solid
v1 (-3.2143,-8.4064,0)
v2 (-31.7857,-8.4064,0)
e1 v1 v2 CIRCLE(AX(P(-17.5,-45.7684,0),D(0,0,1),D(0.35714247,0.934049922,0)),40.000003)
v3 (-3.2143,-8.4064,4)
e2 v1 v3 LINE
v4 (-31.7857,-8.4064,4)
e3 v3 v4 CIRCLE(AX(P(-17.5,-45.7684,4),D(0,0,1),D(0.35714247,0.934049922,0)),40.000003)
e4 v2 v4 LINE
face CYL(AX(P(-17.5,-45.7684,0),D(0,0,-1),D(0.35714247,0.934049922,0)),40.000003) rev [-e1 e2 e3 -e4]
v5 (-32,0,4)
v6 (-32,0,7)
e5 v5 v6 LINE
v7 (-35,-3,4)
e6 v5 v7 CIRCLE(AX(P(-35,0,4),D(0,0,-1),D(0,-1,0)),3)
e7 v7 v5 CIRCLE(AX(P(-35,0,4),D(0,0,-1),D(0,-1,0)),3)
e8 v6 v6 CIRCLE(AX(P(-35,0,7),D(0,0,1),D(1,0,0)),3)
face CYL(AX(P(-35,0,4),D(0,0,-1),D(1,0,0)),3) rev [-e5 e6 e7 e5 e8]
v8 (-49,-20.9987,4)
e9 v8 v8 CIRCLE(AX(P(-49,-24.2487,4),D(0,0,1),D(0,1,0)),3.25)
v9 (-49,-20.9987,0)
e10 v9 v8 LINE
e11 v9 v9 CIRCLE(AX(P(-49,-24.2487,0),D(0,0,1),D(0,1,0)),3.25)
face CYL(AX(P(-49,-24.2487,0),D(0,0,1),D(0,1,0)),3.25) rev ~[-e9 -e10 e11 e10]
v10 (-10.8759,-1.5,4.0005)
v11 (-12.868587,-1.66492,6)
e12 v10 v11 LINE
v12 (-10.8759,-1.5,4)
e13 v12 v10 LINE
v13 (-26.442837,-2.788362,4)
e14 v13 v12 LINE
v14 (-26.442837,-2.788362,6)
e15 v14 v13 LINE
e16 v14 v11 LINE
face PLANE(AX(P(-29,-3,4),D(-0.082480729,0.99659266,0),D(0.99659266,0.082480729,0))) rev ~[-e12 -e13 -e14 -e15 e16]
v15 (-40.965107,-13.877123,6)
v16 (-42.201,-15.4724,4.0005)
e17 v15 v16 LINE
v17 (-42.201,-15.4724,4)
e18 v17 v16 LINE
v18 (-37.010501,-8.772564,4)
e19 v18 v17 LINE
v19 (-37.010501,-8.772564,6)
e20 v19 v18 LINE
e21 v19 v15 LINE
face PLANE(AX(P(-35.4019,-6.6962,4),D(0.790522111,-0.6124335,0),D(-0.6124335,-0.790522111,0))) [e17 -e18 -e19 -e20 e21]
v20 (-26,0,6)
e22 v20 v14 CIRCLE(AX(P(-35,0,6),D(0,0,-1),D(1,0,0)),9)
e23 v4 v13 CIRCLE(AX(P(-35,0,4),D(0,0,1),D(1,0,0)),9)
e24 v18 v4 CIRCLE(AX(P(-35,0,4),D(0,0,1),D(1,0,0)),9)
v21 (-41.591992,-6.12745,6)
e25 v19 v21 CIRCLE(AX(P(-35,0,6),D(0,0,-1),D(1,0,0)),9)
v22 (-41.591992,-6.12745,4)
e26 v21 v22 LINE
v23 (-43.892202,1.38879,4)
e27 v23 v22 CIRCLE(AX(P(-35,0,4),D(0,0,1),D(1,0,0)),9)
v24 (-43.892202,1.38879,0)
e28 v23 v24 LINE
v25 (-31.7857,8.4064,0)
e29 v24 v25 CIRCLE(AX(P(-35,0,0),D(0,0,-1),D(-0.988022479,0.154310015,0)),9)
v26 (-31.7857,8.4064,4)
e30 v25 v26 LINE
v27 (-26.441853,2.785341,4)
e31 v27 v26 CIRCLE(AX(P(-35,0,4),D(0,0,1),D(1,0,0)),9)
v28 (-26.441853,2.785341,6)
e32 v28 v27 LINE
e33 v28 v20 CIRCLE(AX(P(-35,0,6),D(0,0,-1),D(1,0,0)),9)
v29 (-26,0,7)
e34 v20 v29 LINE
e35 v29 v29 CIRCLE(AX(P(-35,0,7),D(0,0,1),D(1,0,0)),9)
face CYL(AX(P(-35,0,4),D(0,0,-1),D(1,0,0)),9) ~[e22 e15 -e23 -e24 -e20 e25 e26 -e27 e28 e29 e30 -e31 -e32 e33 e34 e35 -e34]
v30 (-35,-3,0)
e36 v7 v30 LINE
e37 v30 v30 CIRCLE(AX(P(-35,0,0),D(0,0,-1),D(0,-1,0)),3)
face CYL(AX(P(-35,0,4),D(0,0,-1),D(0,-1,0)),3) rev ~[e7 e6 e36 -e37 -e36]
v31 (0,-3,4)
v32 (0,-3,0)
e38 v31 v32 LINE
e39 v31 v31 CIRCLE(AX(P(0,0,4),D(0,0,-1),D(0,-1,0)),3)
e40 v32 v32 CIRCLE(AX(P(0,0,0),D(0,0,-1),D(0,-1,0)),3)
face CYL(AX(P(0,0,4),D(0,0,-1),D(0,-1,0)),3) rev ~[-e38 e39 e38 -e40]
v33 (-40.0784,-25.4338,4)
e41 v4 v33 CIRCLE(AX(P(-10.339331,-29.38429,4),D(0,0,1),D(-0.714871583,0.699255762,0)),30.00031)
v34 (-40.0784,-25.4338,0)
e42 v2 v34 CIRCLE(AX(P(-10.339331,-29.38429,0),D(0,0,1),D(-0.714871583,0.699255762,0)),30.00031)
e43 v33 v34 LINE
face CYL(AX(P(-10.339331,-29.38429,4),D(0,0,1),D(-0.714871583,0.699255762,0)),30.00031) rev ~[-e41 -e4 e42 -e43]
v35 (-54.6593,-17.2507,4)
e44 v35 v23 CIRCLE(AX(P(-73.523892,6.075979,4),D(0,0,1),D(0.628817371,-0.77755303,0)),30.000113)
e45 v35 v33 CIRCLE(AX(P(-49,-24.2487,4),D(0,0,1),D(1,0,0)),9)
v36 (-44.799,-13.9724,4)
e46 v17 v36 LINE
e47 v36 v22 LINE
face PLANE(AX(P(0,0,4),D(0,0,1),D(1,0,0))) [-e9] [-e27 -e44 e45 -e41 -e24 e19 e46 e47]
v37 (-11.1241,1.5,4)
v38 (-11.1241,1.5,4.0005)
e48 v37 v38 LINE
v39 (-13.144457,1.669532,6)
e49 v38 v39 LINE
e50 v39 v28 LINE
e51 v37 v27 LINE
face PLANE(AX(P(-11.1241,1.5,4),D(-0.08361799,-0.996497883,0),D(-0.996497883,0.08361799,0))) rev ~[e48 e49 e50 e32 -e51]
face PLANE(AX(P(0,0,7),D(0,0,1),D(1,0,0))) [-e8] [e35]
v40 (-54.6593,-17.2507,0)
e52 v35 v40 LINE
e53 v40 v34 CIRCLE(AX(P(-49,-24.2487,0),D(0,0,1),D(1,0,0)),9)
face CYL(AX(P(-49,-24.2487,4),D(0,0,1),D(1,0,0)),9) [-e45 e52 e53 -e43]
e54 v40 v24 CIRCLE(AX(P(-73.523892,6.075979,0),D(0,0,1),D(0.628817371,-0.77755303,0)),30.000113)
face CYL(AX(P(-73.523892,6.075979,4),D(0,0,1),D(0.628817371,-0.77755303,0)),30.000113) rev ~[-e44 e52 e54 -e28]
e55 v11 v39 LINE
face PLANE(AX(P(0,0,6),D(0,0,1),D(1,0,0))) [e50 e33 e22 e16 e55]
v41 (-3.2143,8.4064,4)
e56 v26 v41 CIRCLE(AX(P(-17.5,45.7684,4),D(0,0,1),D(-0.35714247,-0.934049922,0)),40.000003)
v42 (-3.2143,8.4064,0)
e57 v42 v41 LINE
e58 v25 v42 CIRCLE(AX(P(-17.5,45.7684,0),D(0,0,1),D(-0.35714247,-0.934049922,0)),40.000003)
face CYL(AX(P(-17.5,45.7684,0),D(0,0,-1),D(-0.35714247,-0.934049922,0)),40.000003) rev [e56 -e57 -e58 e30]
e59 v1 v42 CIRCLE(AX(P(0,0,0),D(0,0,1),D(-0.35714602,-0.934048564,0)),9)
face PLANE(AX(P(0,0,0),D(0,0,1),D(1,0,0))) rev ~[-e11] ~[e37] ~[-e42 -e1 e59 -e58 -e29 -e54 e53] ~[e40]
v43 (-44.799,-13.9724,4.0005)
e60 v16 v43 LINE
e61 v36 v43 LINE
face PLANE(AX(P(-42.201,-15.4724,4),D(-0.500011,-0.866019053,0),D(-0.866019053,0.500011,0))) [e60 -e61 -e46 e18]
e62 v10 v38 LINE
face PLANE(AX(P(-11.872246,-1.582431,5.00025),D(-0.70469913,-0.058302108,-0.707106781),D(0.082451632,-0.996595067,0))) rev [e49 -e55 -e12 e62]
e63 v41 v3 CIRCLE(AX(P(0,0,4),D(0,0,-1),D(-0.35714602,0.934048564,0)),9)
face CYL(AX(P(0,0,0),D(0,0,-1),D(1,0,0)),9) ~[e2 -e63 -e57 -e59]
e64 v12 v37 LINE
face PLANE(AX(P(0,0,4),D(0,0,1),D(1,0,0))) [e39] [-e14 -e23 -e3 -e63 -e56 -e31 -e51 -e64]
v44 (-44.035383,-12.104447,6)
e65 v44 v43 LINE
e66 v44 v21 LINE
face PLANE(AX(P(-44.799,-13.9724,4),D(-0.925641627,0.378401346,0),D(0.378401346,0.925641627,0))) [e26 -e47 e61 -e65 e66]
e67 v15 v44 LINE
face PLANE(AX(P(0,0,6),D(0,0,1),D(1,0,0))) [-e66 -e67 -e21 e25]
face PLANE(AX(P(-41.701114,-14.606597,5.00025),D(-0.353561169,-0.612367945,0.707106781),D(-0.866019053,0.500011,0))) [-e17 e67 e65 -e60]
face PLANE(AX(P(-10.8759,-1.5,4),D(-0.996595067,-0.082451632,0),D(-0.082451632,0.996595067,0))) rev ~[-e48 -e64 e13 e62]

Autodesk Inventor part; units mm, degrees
ref_plane "YZ Plane" through (0, 0, 0) normal (1, 0, 0) x (0, 1, 0)
ref_plane "XZ Plane" through (0, 0, 0) normal (0, 1, 0) x (-1, 0, 0)
ref_plane "XY Plane" through (0, 0, 0) normal (0, 0, 1) x (1, 0, 0)
sketch "Base" plane through (0, 0, 0) normal (0, 0, 1) x (1, 0, 0)
  line L0 (-54.6, 0) -> (19.6, 0) construction
  circle A0 centre (0, 0) radius 9
  line L1 (0, 0) -> (-35, 0) construction
  circle A1 centre (-35, 0) radius 9
  arc A2 (-31.7857, 8.4064) -> (-3.2143, 8.4064) centre (-17.5, 45.7684) ccw
  arc A3 (-3.2143, -8.4064) -> (-31.7857, -8.4064) centre (-17.5, -45.7684) ccw
  dimension "d0" = 18
  dimension "d1" = 35
  dimension "d2" = 18
  dimension "d3" = 40
extrude "BaseFeature" add sketch "Base" along normal blind 4
sketch "Sketch2" plane through (0, 0, 4) normal (0, 0, 1) x (1, 0, 0)
  arc A0 (-31.7857, 8.4064) -> (-31.7857, -8.4064) centre (-35, 0) ccw projected
  arc A1 (-3.2143, -8.4064) -> (-3.2143, 8.4064) centre (0, 0) ccw projected
hole "BaseHolesFeature" at (-35, 0, 4) at (0, 0, 4) direction (0, 0, -1) diameter 6 end through all
sketch "Extension" plane through (0, 0, 4) normal (0, 0, 1) x (1, 0, 0)
  arc A0 (-31.7857, 8.4064) -> (-31.7857, -8.4064) centre (-35, 0) ccw construction
  line L0 (-35, 0) -> (-49, -24.2487) construction
  line L1 (-90.0286, 0) -> (25.5048, 0) construction
  circle A1 centre (-49, -24.2487) radius 9
  arc A2 (-54.6593, -17.2507) -> (-43.8901, 1.4021) centre (-73.5238, 6.0759) ccw
  arc A3 (-31.7857, -8.4064) -> (-40.0784, -25.4338) centre (-10.3396, -29.3841) ccw
  arc A4 (-43.8901, 1.4021) -> (-31.7857, -8.4064) centre (-35, 0) ccw
  dimension "d13" = 120
  dimension "d14" = 28
  dimension "d24" = 18
  dimension "d29" = 30
extrude "ExtensionFeature" add sketch "Extension" against normal up to surface (4 mm away)
sketch "ExtensionHole" plane through (0, 0, 0) normal (0, 0, -1) x (-1, 0, 0)
  arc A0 (40.0784, -25.4338) -> (54.6593, -17.2507) centre (49, -24.2487) ccw projected
hole "ExtensionHoleFeature" at (-49, -24.2487, 0) direction (0, 0, 1) diameter 6.5 end through all
sketch "MiddleRaise" plane through (0, 0, 4) normal (0, 0, 1) x (1, 0, 0)
  circle A0 centre (-35, 0) radius 3 projected
  circle A1 centre (-35, 0) radius 9
  point P0 (-31.7857, 8.4064)
extrude "MiddleRaiseFeature" add sketch "MiddleRaise" along normal blind 3
sketch "TopRidges" plane through (0, 0, 4) normal (0, 0, 1) x (1, 0, 0)
  arc A0 (-54.6593, -17.2507) -> (-40.0784, -25.4338) centre (-49, -24.2487) ccw construction
  arc A1 (-3.2143, -8.4064) -> (-3.2143, 8.4064) centre (0, 0) ccw construction
  arc A2 (-43.8901, 1.4021) -> (-31.7857, -8.4064) centre (-35, 0) ccw construction
  arc A3 (-31.7857, -8.4064) -> (-31.7857, 8.4064) centre (-35, 0) ccw construction
  line L0 (-35, 0) -> (-49, -24.2487) construction
  line L1 (-40.5981, -3.6962) -> (-35.4019, -6.6962)
  line L2 (-35.4019, -6.6962) -> (-42.201, -15.4724)
  line L3 (-42.201, -15.4724) -> (-44.799, -13.9724)
  line L4 (-44.799, -13.9724) -> (-40.5981, -3.6962)
  arc A4 (-40.0784, -25.4338) -> (-54.6593, -17.2507) centre (-49, -24.2487) ccw construction
  line L5 (-35, 0) -> (-11, 0) construction
  arc A5 (-3.2143, 8.4064) -> (-3.2143, -8.4064) centre (0, 0) ccw construction
  line L6 (-29, 3) -> (-29, -3)
  line L7 (-29, -3) -> (-10.8759, -1.5)
  line L8 (-10.8759, -1.5) -> (-11.1241, 1.5)
  line L9 (-11.1241, 1.5) -> (-29, 3)
  point P0 (-43.5, -14.7224)
  point P1 (-38, -5.1962)
  point P2 (-29, 0)
  dimension "d30" = 3
  dimension "d31" = 6
  dimension "d37" = 6
  dimension "d39" = 11
  dimension "d40" = 11
  dimension "d41" = 6
  dimension "d42" = 6
  dimension "d43" = 3
extrude "TopRidgesFeature" add sketch "TopRidges" along normal blind 2
chamfer "TopRidgeChamfersFeature" distance 2 angle 45 2 edges at (-43.5, -14.7224, 6) (-11, 0, 6)
equation "\"d41\" = d37"
equation "\"d42\" = d31"
equation "\"d43\" = d30"
properties part number "ShoulderSubConnector"
